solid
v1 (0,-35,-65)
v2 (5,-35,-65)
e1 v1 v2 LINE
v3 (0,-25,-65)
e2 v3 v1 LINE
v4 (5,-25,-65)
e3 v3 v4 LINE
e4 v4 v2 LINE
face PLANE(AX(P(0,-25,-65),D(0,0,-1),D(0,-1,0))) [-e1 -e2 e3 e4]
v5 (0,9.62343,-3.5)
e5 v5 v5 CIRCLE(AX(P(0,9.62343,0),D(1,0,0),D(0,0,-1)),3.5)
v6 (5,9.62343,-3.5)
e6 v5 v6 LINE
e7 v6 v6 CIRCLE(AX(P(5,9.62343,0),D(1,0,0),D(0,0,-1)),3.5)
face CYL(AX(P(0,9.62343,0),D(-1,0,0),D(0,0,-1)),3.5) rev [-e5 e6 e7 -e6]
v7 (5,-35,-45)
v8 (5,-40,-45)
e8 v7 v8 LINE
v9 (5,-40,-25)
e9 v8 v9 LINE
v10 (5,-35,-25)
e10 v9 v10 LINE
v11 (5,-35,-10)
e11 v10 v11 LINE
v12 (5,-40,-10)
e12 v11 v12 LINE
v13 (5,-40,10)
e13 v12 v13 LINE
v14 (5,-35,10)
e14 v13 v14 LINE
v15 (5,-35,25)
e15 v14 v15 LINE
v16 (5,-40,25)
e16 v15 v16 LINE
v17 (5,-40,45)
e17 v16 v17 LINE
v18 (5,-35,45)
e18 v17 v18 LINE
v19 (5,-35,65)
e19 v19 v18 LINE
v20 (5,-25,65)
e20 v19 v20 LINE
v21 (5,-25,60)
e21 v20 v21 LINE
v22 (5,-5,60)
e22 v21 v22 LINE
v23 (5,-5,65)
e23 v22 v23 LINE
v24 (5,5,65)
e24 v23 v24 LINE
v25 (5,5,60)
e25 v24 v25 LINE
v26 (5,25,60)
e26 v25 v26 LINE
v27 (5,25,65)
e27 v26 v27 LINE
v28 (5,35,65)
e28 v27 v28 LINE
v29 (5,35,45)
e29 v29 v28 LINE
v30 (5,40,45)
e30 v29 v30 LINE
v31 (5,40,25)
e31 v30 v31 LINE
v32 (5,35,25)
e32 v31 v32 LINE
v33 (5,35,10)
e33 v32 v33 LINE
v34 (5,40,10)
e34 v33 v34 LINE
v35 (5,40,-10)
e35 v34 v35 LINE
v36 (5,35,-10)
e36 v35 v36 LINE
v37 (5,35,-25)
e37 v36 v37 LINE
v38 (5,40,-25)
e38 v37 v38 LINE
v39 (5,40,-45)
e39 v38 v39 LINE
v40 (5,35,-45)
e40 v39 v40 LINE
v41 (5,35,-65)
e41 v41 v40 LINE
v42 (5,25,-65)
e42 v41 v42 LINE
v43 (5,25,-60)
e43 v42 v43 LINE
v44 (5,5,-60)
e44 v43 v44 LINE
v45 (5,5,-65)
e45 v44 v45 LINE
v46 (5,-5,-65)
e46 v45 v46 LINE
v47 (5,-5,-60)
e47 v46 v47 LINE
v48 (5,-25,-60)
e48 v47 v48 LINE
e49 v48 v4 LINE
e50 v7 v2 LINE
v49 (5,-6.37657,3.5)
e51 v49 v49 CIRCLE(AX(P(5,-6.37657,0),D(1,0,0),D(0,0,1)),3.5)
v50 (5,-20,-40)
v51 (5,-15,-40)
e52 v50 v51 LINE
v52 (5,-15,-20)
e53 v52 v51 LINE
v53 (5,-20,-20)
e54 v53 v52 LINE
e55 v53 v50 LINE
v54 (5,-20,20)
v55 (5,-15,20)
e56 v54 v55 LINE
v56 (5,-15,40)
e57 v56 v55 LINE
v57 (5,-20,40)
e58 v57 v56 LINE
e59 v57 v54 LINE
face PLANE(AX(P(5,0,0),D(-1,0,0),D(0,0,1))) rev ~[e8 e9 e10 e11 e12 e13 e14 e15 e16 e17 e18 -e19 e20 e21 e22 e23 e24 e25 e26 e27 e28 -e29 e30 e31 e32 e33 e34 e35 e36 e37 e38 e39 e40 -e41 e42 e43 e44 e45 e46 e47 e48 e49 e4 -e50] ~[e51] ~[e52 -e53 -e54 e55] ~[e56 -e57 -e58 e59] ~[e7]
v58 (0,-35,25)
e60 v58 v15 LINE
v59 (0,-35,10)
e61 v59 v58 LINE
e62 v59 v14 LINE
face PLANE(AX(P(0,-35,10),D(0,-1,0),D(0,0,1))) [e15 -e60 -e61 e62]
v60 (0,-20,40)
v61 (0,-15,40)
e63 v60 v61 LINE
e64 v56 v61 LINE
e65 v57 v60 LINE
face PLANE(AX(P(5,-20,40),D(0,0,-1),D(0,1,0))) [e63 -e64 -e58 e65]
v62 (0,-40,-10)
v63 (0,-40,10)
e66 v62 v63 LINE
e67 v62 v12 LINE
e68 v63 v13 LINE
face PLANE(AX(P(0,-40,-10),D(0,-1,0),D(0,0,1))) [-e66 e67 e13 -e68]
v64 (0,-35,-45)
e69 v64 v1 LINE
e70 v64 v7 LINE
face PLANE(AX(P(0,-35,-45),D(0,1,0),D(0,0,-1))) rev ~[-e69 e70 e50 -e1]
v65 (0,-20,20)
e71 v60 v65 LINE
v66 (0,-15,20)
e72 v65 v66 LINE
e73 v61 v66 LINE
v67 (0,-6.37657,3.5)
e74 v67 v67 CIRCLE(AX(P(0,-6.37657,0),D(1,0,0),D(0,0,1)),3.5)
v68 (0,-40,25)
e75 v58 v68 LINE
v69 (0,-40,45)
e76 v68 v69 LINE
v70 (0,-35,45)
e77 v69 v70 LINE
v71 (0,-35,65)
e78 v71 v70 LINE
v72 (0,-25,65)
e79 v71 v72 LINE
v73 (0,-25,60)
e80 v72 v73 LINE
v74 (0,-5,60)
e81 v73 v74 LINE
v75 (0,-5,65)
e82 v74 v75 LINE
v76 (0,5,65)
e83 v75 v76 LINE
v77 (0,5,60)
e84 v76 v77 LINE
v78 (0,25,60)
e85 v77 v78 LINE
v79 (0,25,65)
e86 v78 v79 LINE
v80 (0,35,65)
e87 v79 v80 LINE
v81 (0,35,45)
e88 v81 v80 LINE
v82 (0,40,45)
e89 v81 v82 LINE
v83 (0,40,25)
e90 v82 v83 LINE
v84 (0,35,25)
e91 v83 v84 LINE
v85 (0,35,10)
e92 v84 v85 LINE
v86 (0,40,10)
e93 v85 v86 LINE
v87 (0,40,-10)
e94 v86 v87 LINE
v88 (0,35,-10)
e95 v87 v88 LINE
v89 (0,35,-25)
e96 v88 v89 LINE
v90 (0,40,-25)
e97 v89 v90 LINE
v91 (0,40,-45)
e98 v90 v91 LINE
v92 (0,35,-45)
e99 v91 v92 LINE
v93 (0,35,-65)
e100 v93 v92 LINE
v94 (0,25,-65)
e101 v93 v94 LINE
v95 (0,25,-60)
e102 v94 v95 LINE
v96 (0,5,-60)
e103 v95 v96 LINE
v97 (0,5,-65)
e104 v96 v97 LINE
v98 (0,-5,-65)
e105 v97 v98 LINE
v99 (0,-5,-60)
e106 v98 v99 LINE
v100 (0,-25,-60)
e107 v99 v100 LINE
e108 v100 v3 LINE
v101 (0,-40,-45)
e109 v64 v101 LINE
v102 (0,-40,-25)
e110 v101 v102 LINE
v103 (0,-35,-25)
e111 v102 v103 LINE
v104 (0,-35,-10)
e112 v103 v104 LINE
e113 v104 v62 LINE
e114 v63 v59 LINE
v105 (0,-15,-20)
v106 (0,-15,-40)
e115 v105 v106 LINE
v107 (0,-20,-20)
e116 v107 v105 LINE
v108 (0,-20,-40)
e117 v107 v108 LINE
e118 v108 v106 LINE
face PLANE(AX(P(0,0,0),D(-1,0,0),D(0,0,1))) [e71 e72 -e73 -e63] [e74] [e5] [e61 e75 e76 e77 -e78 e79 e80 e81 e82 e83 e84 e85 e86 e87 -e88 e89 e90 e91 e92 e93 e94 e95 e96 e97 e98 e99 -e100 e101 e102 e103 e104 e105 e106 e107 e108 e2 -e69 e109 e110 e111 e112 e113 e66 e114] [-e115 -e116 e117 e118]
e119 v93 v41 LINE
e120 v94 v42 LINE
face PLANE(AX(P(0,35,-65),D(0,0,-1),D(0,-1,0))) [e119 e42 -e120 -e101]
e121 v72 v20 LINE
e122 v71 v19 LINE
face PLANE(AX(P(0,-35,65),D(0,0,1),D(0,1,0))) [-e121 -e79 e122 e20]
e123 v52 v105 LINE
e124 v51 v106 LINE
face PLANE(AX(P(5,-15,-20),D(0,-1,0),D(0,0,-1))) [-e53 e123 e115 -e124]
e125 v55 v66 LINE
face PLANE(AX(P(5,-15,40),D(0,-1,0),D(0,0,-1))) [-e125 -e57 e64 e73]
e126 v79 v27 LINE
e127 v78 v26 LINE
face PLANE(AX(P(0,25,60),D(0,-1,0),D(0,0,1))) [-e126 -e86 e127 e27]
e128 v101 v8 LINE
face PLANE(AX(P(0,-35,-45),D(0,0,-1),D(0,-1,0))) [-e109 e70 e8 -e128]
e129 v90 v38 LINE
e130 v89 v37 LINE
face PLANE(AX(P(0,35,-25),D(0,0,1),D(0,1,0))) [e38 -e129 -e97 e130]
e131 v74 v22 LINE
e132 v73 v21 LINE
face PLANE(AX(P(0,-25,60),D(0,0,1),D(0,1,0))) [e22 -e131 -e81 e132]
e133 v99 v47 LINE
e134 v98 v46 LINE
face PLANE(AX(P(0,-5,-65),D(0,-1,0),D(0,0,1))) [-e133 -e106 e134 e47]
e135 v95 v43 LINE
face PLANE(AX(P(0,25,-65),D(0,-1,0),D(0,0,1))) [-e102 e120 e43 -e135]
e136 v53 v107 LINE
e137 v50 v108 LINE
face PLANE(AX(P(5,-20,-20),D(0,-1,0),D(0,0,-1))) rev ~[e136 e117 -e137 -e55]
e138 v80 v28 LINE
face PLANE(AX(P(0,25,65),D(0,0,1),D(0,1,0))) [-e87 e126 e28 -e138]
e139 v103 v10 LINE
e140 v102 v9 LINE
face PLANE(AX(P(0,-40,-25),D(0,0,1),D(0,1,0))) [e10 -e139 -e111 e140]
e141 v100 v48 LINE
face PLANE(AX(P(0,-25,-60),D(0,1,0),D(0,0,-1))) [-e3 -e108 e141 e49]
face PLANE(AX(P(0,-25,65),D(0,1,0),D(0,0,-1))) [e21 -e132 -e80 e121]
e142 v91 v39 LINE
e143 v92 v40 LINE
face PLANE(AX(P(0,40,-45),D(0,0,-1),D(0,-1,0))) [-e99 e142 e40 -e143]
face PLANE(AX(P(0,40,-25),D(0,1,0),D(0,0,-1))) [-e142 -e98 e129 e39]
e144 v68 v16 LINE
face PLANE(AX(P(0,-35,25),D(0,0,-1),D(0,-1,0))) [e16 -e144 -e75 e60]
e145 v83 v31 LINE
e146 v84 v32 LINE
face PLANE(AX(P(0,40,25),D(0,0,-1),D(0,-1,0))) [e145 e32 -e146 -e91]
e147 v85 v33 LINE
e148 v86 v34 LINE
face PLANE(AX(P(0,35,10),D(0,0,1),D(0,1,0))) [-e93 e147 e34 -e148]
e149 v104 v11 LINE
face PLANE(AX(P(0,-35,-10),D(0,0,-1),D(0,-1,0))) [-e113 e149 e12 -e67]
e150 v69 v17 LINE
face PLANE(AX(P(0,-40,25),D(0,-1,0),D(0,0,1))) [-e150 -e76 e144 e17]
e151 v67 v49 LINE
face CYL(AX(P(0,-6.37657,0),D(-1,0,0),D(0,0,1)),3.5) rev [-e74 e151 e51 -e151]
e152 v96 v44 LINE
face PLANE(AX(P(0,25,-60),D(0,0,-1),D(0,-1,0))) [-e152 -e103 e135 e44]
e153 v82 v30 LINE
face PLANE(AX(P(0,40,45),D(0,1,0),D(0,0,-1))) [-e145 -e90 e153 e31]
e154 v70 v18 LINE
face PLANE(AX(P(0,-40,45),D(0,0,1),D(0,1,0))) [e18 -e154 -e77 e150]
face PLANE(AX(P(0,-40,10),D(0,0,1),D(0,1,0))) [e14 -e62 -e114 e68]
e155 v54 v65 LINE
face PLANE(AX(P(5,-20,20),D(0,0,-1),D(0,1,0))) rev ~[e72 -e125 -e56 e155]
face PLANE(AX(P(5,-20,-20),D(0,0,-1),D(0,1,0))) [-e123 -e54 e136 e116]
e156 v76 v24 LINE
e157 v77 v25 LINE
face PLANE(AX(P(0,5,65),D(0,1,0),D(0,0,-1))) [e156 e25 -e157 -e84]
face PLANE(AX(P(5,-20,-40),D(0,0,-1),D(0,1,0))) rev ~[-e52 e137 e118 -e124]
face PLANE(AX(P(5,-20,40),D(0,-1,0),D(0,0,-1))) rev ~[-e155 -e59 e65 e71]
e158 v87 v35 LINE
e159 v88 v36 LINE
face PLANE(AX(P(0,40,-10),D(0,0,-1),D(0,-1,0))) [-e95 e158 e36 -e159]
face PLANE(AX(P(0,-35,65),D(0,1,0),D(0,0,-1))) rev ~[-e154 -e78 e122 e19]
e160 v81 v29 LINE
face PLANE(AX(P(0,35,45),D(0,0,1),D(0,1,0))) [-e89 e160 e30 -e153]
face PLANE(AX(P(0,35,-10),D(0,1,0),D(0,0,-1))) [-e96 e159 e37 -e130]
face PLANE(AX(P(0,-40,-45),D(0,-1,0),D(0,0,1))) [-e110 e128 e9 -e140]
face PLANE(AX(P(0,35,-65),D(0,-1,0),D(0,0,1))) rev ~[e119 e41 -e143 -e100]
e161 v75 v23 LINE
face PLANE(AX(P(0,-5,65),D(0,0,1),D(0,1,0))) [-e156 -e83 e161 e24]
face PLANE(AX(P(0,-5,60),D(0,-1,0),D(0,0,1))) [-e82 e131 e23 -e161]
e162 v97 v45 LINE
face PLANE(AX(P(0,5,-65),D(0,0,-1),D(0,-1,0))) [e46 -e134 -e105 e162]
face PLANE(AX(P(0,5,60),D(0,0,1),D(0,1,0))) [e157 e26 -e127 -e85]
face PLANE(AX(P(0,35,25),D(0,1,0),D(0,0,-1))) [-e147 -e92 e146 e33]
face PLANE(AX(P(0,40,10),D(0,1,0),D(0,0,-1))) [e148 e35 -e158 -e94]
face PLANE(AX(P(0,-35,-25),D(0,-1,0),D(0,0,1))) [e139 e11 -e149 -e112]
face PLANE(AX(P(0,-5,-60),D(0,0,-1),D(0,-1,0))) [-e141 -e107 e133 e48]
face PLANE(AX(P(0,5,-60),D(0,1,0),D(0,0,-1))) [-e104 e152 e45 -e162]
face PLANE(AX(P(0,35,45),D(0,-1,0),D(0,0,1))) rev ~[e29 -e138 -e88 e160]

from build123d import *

# Parameters (mm, degrees)
BOSS_EXTRUDE1_DEPTH = 5
SKETCH3_W           = 20
SKETCH3_H           = 5
CUT_EXTRUDE2_DEPTH  = 5
SKETCH2_R           = 3.5
CUT_EXTRUDE3_DEPTH  = 5


with BuildPart() as part:
    # Sketch1 → Boss-Extrude1 (new body)
    with BuildSketch(Plane(origin=(0, 0, 0), x_dir=(0, 0, -1), z_dir=(1, 0, 0))):
        Polygon((65, 35), (65, 25), (60, 25), (60, 5), (65, 5), (65, -5), (60, -5), (60, -25), (65, -25), (65, -35), (60, -35), (45, -35), (45, -40), (25, -40), (25, -35), (10, -35), (10, -40), (-10, -40), (-10, -35), (-25, -35), (-25, -40), (-45, -40), (-45, -35), (-60, -35), (-65, -35), (-65, -25), (-60, -25), (-60, -5), (-65, -5), (-65, 5), (-60, 5), (-60, 25), (-65, 25), (-65, 35), (-60, 35), (-45, 35), (-45, 40), (-25, 40), (-25, 35), (-10, 35), (-10, 40), (10, 40), (10, 35), (25, 35), (25, 40), (45, 40), (45, 35), (60, 35), align=None)
    extrude(amount=BOSS_EXTRUDE1_DEPTH)

    # Sketch3 → Cut-Extrude2 (cut)
    with BuildSketch(Plane(origin=(5, 0, 0), x_dir=(0, 0, -1), z_dir=(1, 0, 0))):
        with Locations((30, -17.5)):
            Rectangle(SKETCH3_W, SKETCH3_H)
        with Locations((-30, -17.5)):
            Rectangle(SKETCH3_W, SKETCH3_H)
    extrude(amount=-CUT_EXTRUDE2_DEPTH, mode=Mode.SUBTRACT)

    # Sketch2 → Cut-Extrude3 (cut)
    with BuildSketch(Plane(origin=(0, 0, 0), x_dir=(0, 0, -1), z_dir=(1, 0, 0))):
        with Locations((0, 9.623429696)):
            Circle(SKETCH2_R)
        with Locations(Location((0, -6.376570304, 0), (0, 0, 180))):
            Circle(SKETCH2_R)
    extrude(amount=CUT_EXTRUDE3_DEPTH, mode=Mode.SUBTRACT)


solid = part.part
